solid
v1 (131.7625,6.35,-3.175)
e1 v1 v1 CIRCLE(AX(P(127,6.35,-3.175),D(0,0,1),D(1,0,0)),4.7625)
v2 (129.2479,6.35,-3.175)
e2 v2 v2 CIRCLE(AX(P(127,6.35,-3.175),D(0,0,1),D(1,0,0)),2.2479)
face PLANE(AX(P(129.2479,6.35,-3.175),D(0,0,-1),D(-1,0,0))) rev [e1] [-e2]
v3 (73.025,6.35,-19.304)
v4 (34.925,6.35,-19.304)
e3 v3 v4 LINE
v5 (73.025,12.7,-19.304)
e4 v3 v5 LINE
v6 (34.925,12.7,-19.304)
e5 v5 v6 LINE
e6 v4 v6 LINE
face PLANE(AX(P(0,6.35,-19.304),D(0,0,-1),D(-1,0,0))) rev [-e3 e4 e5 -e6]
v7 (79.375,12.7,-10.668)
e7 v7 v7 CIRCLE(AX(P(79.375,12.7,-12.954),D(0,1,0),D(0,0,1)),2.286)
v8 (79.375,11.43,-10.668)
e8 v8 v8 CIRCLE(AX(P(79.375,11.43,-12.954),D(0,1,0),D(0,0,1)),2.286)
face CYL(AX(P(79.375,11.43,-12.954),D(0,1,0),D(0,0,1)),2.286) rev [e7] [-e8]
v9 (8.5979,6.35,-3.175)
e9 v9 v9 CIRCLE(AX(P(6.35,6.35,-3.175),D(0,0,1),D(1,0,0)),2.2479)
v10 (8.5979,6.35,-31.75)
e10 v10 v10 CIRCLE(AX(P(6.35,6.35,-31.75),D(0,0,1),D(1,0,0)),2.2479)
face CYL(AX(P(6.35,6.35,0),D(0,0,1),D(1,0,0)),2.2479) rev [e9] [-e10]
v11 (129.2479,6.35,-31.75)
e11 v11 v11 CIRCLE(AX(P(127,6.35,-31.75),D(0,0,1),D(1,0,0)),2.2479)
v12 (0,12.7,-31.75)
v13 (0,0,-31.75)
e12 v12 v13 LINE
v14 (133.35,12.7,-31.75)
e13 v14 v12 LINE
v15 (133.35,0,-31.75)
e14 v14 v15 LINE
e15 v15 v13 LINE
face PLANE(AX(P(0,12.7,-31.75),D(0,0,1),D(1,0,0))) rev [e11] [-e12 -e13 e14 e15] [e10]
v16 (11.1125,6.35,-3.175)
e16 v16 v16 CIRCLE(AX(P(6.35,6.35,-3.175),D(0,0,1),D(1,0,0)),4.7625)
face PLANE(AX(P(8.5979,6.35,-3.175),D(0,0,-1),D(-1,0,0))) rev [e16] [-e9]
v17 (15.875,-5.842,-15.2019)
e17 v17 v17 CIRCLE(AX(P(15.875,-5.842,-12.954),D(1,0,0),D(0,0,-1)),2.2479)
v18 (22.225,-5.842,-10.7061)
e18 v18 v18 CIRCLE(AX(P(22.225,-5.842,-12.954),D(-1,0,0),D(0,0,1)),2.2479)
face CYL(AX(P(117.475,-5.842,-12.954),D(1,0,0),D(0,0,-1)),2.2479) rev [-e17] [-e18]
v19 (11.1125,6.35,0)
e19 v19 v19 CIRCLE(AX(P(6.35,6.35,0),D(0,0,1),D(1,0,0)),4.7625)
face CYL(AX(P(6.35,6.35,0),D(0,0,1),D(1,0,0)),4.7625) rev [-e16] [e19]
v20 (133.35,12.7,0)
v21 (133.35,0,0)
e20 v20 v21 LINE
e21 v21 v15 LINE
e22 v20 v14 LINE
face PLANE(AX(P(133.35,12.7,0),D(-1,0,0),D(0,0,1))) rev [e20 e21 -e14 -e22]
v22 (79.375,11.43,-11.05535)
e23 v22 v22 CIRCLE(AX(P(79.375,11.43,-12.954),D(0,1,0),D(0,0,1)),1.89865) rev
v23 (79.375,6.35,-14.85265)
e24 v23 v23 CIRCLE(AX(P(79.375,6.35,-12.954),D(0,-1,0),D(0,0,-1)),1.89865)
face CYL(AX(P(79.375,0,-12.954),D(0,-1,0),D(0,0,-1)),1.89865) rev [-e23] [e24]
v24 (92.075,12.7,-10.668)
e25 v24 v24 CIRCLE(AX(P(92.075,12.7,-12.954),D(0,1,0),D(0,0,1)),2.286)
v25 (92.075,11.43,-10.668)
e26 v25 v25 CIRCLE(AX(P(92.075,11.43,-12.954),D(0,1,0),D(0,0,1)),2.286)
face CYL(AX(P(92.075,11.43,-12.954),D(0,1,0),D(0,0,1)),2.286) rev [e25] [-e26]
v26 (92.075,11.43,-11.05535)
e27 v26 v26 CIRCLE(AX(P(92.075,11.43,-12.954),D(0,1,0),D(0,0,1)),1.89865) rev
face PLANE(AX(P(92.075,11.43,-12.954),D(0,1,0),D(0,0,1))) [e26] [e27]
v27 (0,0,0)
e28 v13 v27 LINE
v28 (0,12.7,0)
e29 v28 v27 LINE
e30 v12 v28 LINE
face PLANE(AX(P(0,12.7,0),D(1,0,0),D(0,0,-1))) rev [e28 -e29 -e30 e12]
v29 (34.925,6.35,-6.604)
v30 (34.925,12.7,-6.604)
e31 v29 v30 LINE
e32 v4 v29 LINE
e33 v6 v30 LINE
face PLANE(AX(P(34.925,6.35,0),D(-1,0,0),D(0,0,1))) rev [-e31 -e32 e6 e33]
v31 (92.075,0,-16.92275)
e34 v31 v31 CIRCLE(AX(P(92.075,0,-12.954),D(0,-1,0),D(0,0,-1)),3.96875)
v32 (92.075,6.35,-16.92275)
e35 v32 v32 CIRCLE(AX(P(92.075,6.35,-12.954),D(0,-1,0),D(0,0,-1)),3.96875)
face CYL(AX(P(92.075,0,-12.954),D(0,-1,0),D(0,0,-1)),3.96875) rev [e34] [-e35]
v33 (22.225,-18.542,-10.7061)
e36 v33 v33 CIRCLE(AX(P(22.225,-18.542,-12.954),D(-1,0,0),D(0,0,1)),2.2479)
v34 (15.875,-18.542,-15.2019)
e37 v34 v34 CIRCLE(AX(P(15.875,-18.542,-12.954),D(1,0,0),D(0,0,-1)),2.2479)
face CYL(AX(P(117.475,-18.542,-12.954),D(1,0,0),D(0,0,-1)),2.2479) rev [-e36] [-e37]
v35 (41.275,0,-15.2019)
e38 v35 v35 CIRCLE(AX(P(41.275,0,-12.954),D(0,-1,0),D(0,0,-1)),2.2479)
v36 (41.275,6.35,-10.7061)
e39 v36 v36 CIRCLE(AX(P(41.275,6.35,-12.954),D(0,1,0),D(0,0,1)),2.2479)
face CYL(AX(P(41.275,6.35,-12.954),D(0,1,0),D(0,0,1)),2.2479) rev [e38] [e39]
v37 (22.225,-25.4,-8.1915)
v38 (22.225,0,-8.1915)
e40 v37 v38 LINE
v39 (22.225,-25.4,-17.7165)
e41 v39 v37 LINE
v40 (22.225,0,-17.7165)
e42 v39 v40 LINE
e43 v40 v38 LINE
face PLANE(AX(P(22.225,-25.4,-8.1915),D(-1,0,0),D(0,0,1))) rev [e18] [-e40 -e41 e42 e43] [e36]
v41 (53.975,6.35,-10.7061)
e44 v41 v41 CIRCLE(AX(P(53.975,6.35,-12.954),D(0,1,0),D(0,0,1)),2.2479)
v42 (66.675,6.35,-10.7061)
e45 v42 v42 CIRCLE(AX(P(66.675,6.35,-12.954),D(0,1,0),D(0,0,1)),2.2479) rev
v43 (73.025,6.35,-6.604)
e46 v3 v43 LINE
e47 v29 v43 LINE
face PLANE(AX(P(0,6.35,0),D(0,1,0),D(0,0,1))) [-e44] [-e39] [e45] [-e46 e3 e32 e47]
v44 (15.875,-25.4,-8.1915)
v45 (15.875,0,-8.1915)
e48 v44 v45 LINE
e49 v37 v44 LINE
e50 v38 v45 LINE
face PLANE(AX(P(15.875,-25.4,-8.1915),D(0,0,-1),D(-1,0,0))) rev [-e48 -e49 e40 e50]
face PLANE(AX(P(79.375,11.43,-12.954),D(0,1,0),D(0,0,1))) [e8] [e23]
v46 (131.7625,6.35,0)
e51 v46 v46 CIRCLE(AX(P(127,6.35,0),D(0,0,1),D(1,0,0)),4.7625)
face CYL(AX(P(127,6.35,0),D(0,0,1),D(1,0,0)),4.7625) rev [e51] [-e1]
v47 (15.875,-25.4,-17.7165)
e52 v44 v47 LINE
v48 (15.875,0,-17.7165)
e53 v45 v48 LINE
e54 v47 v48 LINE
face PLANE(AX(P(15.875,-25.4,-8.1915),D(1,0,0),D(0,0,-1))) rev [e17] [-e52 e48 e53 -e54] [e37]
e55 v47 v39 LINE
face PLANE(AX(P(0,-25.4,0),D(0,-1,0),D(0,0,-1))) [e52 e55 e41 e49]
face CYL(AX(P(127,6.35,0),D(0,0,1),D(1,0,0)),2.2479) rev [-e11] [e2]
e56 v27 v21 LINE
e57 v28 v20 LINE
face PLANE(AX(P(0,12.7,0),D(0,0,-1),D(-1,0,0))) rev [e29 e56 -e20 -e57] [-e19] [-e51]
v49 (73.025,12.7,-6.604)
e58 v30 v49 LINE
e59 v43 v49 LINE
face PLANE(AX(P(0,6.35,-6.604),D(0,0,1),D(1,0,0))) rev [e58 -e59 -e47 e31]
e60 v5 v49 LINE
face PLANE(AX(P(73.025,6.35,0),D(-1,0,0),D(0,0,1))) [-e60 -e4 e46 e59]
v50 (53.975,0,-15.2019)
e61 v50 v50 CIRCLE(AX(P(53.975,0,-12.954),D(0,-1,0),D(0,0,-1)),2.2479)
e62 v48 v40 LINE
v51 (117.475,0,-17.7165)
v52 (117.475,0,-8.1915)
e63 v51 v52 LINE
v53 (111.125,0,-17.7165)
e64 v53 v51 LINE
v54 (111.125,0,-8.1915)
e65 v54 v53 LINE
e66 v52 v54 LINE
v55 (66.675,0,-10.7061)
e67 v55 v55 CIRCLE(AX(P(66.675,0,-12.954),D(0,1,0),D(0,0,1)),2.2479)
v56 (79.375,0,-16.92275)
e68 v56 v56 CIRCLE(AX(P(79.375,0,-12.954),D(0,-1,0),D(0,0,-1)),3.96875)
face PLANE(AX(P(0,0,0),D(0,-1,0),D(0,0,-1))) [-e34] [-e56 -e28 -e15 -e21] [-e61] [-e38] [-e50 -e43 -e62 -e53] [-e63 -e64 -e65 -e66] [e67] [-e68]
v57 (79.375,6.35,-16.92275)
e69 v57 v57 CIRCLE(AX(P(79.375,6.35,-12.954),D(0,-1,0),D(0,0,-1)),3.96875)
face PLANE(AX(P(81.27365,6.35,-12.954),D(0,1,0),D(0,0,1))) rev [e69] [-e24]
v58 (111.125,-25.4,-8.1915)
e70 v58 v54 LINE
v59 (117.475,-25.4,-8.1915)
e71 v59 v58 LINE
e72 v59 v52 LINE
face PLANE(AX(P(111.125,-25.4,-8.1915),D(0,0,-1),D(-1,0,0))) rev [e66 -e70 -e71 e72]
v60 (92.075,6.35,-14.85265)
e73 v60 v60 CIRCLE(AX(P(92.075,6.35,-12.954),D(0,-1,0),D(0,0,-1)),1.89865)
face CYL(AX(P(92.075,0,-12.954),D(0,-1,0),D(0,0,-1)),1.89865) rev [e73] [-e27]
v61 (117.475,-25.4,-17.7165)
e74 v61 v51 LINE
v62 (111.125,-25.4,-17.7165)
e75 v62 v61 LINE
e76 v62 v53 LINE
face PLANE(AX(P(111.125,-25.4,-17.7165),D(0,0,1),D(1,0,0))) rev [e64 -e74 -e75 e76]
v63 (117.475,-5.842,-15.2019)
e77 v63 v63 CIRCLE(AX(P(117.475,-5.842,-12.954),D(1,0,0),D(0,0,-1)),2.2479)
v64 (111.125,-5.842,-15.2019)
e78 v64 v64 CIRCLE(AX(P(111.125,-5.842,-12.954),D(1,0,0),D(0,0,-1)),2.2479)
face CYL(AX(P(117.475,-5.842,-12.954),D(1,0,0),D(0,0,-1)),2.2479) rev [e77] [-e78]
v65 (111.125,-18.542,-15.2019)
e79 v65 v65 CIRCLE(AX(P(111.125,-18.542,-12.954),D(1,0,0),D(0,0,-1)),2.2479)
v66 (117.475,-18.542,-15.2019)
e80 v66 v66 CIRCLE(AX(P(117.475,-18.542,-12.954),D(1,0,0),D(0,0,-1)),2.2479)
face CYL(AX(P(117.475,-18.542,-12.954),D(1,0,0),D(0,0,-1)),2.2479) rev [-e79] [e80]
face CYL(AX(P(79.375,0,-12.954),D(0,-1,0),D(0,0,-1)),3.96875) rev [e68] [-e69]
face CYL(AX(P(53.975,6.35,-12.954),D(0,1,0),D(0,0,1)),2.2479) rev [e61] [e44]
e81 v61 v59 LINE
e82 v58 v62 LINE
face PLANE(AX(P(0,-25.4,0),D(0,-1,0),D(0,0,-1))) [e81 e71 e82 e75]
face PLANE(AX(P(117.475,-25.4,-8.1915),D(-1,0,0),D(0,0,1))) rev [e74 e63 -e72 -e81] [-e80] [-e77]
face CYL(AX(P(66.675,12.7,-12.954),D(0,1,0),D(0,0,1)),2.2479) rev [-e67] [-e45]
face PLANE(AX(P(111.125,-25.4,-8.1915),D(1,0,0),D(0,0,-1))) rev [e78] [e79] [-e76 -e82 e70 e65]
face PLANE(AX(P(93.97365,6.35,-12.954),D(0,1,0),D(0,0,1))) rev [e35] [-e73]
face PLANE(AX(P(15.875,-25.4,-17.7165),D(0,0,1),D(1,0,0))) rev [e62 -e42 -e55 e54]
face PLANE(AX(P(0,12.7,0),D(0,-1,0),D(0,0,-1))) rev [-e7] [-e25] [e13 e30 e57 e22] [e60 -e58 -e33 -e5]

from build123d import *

# Parameters (mm, degrees)
SKETCH1_W                                           = 133.35
SKETCH1_H                                           = 31.75
BOSS_EXTRUDE1_DEPTH                                 = 12.7
CBORE_FOR_8_BINDING_HEAD_MACHINE_SCREW1_D           = 4.4958
CBORE_FOR_8_BINDING_HEAD_MACHINE_SCREW1_CBORE_D     = 9.525
CBORE_FOR_8_BINDING_HEAD_MACHINE_SCREW1_CBORE_DEPTH = 3.175
F_8_0_199_DIAMETER_HOLE1_D                          = 4.4958
SKETCH6_W                                           = 6.35
SKETCH6_H                                           = 9.525
BOSS_EXTRUDE2_DEPTH                                 = 25.4
F_8_0_199_DIAMETER_HOLE2_D                          = 4.4958
CBORE_FOR_6_BINDING_HEAD_MACHINE_SCREW1_D           = 3.7973
CBORE_FOR_6_BINDING_HEAD_MACHINE_SCREW1_CBORE_D     = 7.9375
CBORE_FOR_6_BINDING_HEAD_MACHINE_SCREW1_CBORE_DEPTH = 6.35
SKETCH12_R                                          = 2.286
CUT_EXTRUDE1_DEPTH                                  = 1.27
CUT_EXTRUDE2_START                                  = -6.35
SKETCH13_R                                          = 2.2479
CUT_EXTRUDE2_DEPTH                                  = 6.35
F_8_0_199_DIAMETER_HOLE3_D                          = 4.4958


with BuildPart() as part:
    # Sketch1 → Boss-Extrude1 (new body)
    with BuildSketch(Plane(origin=(0, 0, 0), x_dir=(1, 0, 0), z_dir=(0, 1, 0))):
        with Locations((66.675, 15.875)):
            Rectangle(SKETCH1_W, SKETCH1_H)
    extrude(amount=BOSS_EXTRUDE1_DEPTH)

    # CBORE for #8 Binding Head Machine Screw1 (through all)
    with Locations(Plane.XY):
        with Locations((6.35, 6.35), (127, 6.35)):
            CounterBoreHole(CBORE_FOR_8_BINDING_HEAD_MACHINE_SCREW1_D / 2, CBORE_FOR_8_BINDING_HEAD_MACHINE_SCREW1_CBORE_D / 2, CBORE_FOR_8_BINDING_HEAD_MACHINE_SCREW1_CBORE_DEPTH)

    # #8 (0.199) Diameter Hole1 (through all)
    with Locations(Plane(origin=(0, 12.7, 0), x_dir=(1, 0, 0), z_dir=(0, 1, 0))):
        with Locations((66.675, 12.954)):
            Hole(F_8_0_199_DIAMETER_HOLE1_D / 2)

    # Sketch6 → Boss-Extrude2 (add)
    with BuildSketch(Plane.XZ):
        with Locations((114.3, -12.954)):
            Rectangle(SKETCH6_W, SKETCH6_H)
        with Locations((19.05, -12.954)):
            Rectangle(SKETCH6_W, SKETCH6_H)
    extrude(amount=BOSS_EXTRUDE2_DEPTH)

    # #8 (0.199) Diameter Hole2 (through all)
    with Locations(Plane(origin=(117.475, 0, 0), x_dir=(0, 0, -1), z_dir=(1, 0, 0))):
        with Locations((12.954, -5.842), (12.954, -18.542)):
            Hole(F_8_0_199_DIAMETER_HOLE2_D / 2)

    # CBORE for #6 Binding Head Machine Screw1 (through all)
    with Locations(Plane(origin=(0, 0, 0), x_dir=(-1, 0, 0), z_dir=(0, -1, 0))):
        with Locations((-79.375, 12.954), (-92.075, 12.954)):
            CounterBoreHole(CBORE_FOR_6_BINDING_HEAD_MACHINE_SCREW1_D / 2, CBORE_FOR_6_BINDING_HEAD_MACHINE_SCREW1_CBORE_D / 2, CBORE_FOR_6_BINDING_HEAD_MACHINE_SCREW1_CBORE_DEPTH)

    # Sketch12 → Cut-Extrude1 (cut)
    with BuildSketch(Plane(origin=(0, 12.7, 0), x_dir=(1, 0, 0), z_dir=(0, 1, 0))):
        with Locations(Location((79.375, 12.954, 0), (0, 0, 270))):
            Circle(SKETCH12_R)
        with Locations(Location((92.075, 12.954, 0), (0, 0, 270))):
            Circle(SKETCH12_R)
    extrude(amount=-CUT_EXTRUDE1_DEPTH, mode=Mode.SUBTRACT)

    # Sketch13 → Cut-Extrude2 (cut)
    with BuildSketch(Plane(origin=(0, 12.7, 0), x_dir=(1, 0, 0), z_dir=(0, 1, 0)).offset(CUT_EXTRUDE2_START)):
        with Locations(Location((66.675, 12.954, 0), (0, 0, 270))):
            Circle(SKETCH13_R)
        Polygon((34.925, 6.604), (66.675, 6.604), (66.675, 12.954), (66.675, 19.304), (34.925, 19.304), align=None)
        Polygon((73.025, 6.604), (66.675, 6.604), (66.675, 12.954), (66.675, 19.304), (73.025, 19.304), align=None)
    extrude(amount=CUT_EXTRUDE2_DEPTH, mode=Mode.SUBTRACT)

    # #8 (0.199) Diameter Hole3 (through all)
    with Locations(Plane(origin=(0, 6.35, 0), x_dir=(1, 0, 0), z_dir=(0, 1, 0))):
        with Locations((53.975, 12.954), (41.275, 12.954)):
            Hole(F_8_0_199_DIAMETER_HOLE3_D / 2)


solid = part.part
